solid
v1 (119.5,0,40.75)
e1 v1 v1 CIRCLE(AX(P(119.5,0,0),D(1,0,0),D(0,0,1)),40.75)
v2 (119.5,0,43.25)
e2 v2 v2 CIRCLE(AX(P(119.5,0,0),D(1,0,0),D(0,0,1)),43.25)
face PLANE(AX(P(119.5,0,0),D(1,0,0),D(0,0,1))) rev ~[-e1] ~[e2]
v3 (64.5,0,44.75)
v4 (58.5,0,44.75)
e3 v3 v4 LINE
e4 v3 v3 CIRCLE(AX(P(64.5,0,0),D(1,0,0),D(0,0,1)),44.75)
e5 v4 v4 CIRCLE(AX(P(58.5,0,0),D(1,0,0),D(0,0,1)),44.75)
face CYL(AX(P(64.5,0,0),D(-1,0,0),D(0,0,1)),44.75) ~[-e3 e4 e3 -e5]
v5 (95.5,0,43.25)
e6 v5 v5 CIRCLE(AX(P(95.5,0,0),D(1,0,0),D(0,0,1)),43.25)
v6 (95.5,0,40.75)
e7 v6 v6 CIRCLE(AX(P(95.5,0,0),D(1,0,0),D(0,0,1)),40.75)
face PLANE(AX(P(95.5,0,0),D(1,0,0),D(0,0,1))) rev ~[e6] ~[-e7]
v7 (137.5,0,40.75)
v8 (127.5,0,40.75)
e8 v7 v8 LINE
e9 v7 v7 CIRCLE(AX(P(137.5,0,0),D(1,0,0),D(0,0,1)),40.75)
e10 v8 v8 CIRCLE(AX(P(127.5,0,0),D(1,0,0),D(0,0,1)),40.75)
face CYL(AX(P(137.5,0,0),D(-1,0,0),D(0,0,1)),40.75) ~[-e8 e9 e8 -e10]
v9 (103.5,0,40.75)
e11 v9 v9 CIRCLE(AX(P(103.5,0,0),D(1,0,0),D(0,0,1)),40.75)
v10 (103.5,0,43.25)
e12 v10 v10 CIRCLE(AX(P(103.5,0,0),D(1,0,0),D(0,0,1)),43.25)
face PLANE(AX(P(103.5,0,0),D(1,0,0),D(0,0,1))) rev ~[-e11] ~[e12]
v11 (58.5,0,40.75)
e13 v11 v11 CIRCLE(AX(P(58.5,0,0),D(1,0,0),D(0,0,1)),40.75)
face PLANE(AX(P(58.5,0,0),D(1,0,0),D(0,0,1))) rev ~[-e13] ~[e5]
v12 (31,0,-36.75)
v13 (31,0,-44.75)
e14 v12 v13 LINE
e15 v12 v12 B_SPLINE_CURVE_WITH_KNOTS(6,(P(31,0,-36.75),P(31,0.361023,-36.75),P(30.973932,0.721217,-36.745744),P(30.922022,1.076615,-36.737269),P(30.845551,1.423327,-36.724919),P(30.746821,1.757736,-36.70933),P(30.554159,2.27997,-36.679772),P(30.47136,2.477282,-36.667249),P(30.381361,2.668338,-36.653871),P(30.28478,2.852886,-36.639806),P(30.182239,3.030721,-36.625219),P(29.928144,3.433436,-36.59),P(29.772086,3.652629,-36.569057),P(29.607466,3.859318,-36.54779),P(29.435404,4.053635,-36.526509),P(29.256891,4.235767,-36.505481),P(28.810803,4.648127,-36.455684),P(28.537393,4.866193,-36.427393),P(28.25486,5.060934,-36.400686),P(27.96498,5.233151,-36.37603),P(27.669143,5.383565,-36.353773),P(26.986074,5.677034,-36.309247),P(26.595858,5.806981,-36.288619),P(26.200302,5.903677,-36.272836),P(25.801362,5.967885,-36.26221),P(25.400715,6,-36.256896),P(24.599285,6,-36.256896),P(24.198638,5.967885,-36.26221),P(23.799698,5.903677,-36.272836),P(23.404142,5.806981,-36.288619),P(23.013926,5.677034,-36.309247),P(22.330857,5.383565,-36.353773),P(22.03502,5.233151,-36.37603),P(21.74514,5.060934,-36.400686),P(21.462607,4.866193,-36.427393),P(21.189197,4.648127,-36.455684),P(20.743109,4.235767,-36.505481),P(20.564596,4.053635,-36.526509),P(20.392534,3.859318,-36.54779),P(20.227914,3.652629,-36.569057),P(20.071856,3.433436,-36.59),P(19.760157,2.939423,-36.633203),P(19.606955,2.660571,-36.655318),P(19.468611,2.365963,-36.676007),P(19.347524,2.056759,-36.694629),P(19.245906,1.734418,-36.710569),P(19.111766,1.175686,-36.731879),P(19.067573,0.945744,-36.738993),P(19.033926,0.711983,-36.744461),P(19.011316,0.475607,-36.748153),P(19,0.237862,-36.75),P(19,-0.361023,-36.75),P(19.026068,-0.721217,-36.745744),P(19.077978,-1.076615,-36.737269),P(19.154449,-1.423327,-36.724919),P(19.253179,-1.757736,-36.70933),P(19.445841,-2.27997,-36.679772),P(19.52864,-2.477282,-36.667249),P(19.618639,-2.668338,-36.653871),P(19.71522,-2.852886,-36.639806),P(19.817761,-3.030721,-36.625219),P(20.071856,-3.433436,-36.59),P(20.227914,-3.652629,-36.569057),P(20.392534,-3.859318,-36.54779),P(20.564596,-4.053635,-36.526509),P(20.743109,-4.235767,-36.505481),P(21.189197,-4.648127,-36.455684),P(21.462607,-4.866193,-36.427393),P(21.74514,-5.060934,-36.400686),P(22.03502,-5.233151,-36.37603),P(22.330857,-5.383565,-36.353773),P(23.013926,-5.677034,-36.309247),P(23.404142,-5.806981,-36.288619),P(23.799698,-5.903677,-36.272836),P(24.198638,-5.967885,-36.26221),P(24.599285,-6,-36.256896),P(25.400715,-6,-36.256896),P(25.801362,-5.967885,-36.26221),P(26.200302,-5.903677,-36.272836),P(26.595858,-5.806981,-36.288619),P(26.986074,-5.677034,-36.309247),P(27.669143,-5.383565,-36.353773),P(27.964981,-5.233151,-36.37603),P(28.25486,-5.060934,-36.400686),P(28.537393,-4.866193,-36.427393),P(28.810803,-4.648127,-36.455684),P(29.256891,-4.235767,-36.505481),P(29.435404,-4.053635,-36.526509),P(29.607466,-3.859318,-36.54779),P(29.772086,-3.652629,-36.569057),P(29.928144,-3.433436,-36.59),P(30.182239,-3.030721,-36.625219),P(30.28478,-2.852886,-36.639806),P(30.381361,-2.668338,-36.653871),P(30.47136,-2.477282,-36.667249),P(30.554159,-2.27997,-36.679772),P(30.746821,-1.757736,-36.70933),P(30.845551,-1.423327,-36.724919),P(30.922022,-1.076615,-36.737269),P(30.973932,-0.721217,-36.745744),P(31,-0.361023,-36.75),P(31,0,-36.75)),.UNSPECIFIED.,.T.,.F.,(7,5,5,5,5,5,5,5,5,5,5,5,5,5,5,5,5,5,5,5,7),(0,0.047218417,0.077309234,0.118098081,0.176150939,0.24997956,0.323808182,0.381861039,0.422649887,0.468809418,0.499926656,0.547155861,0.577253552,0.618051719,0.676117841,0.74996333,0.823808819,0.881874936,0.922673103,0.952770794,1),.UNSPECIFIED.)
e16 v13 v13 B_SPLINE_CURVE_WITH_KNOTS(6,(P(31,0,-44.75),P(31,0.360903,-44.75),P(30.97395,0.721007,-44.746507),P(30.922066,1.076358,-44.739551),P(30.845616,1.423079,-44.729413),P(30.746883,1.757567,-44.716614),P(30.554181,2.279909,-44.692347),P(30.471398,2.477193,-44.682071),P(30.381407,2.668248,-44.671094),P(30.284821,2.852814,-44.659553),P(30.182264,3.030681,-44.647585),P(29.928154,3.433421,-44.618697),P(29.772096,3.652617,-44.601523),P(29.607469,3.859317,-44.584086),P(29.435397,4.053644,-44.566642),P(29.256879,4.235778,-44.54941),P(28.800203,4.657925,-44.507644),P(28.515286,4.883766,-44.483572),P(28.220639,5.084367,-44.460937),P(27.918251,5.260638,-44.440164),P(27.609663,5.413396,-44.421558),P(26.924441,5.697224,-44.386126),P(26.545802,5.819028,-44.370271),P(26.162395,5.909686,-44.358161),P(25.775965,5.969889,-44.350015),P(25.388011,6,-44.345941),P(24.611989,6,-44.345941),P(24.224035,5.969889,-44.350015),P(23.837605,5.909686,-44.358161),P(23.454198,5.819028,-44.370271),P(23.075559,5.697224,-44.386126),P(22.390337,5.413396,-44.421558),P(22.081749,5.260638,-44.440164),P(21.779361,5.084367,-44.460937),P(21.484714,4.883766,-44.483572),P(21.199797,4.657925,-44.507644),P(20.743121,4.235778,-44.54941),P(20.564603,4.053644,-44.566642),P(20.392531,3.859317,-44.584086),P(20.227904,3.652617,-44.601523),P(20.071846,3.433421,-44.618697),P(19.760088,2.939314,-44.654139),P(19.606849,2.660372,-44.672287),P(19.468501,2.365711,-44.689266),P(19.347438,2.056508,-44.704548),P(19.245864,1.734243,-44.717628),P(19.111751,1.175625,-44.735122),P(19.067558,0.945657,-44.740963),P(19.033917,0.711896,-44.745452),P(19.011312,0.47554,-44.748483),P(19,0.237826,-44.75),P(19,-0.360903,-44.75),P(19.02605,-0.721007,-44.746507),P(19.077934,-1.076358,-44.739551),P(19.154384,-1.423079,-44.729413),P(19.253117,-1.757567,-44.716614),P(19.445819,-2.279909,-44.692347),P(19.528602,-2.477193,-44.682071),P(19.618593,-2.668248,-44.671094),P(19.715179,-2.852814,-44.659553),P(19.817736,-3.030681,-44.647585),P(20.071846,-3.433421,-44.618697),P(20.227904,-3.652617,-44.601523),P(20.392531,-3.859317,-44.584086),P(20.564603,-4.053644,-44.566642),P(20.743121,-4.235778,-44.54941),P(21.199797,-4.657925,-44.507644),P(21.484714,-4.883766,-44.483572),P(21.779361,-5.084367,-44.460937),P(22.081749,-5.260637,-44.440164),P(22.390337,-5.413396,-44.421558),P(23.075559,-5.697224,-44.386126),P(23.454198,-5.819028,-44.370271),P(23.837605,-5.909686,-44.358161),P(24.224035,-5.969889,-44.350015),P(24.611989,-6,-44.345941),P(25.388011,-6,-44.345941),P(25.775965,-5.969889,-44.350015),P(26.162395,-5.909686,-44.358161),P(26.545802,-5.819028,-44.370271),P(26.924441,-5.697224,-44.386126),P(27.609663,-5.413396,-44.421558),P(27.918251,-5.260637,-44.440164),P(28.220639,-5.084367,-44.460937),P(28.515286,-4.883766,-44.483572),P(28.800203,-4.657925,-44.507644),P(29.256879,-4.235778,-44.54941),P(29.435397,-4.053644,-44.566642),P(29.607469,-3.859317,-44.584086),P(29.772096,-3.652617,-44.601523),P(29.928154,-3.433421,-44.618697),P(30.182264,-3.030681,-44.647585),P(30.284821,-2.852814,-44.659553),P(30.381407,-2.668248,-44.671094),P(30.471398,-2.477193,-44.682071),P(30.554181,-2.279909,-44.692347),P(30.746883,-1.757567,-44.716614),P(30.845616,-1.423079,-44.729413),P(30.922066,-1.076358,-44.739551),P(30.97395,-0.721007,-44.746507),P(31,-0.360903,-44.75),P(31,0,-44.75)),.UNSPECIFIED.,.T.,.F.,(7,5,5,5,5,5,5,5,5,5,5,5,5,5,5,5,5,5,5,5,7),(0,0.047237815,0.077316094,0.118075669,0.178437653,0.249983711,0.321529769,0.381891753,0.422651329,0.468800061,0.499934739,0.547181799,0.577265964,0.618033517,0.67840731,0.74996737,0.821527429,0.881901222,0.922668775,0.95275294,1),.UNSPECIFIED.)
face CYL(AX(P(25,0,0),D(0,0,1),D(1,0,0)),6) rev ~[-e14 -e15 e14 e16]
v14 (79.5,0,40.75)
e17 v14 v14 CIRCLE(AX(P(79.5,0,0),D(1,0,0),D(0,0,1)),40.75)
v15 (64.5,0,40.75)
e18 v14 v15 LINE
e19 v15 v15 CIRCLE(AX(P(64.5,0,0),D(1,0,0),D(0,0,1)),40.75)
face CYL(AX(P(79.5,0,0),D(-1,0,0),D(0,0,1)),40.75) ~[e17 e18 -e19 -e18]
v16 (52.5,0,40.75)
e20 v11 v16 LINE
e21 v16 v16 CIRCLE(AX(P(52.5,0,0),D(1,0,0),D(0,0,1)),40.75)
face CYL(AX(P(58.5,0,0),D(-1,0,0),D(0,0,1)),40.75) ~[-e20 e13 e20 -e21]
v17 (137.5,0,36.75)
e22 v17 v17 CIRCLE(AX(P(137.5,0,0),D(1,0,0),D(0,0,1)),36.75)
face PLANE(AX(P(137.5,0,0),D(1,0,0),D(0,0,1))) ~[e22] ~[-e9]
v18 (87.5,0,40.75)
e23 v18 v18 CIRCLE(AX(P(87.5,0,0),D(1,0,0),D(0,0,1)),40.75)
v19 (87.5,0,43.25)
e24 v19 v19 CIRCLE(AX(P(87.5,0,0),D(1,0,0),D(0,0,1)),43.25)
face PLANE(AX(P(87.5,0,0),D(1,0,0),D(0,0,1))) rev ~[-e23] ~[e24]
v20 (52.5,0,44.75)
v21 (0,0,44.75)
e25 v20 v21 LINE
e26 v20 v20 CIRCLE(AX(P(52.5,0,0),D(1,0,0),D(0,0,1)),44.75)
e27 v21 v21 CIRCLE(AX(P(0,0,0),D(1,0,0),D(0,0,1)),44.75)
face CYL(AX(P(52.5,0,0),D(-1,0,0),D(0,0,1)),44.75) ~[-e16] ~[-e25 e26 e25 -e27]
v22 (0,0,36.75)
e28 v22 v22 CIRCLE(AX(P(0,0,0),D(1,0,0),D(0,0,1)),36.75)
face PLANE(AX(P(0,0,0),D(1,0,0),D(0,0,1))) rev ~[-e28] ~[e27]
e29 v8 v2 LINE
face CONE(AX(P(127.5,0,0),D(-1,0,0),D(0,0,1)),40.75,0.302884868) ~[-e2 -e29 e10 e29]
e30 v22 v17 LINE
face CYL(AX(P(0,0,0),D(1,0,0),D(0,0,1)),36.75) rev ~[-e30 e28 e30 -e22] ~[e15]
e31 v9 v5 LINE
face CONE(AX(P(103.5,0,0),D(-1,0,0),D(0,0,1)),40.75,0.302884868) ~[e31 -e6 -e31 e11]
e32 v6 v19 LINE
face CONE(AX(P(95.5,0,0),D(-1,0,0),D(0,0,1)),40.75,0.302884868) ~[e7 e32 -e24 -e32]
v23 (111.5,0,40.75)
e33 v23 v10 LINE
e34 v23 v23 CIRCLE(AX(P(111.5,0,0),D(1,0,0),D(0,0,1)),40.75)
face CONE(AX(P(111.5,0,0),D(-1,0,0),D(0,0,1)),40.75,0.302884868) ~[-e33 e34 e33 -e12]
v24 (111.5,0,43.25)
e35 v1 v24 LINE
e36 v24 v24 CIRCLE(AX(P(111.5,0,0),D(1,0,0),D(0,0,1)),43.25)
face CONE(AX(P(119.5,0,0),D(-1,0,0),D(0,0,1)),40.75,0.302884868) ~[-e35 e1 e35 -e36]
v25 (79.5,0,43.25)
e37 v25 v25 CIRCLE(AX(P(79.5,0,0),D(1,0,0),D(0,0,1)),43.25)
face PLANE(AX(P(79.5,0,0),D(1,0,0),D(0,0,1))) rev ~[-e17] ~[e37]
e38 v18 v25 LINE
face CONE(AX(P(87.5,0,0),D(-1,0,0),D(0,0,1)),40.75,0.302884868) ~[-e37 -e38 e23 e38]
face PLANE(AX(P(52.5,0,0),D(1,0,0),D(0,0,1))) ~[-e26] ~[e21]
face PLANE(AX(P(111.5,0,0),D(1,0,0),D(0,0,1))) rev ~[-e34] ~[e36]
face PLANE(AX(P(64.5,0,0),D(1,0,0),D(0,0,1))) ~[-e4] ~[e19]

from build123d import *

# Parameters (mm, degrees)
F2_R     = 6
F3_DEPTH = 100


with BuildPart() as f1:
    # F0 (on Front) → F1 (revolve)
    with BuildSketch(Plane.XZ):
        Polygon((0, 44.75), (0, 36.75), (137.5, 36.75), (137.5, 40.75), (127.5, 40.75), (119.5, 43.25), (119.5, 40.75), (111.5, 43.25), (111.5, 40.75), (103.5, 43.25), (103.5, 40.75), (95.5, 43.25), (95.5, 40.75), (87.5, 43.25), (87.5, 40.75), (79.5, 43.25), (79.5, 40.75), (64.5, 40.75), (64.5, 44.75), (58.5, 44.75), (58.5, 40.75), (52.5, 40.75), (52.5, 44.75), align=None)
    revolve(axis=Axis((21.235611, 0, 0), (1, 0, 0)))

    # F2 (on Top) → F3 (cut)
    with BuildSketch(Plane.XY):
        with Locations((25, 0)):
            Circle(F2_R)
    extrude(amount=-F3_DEPTH, mode=Mode.SUBTRACT)


solid = f1.part
